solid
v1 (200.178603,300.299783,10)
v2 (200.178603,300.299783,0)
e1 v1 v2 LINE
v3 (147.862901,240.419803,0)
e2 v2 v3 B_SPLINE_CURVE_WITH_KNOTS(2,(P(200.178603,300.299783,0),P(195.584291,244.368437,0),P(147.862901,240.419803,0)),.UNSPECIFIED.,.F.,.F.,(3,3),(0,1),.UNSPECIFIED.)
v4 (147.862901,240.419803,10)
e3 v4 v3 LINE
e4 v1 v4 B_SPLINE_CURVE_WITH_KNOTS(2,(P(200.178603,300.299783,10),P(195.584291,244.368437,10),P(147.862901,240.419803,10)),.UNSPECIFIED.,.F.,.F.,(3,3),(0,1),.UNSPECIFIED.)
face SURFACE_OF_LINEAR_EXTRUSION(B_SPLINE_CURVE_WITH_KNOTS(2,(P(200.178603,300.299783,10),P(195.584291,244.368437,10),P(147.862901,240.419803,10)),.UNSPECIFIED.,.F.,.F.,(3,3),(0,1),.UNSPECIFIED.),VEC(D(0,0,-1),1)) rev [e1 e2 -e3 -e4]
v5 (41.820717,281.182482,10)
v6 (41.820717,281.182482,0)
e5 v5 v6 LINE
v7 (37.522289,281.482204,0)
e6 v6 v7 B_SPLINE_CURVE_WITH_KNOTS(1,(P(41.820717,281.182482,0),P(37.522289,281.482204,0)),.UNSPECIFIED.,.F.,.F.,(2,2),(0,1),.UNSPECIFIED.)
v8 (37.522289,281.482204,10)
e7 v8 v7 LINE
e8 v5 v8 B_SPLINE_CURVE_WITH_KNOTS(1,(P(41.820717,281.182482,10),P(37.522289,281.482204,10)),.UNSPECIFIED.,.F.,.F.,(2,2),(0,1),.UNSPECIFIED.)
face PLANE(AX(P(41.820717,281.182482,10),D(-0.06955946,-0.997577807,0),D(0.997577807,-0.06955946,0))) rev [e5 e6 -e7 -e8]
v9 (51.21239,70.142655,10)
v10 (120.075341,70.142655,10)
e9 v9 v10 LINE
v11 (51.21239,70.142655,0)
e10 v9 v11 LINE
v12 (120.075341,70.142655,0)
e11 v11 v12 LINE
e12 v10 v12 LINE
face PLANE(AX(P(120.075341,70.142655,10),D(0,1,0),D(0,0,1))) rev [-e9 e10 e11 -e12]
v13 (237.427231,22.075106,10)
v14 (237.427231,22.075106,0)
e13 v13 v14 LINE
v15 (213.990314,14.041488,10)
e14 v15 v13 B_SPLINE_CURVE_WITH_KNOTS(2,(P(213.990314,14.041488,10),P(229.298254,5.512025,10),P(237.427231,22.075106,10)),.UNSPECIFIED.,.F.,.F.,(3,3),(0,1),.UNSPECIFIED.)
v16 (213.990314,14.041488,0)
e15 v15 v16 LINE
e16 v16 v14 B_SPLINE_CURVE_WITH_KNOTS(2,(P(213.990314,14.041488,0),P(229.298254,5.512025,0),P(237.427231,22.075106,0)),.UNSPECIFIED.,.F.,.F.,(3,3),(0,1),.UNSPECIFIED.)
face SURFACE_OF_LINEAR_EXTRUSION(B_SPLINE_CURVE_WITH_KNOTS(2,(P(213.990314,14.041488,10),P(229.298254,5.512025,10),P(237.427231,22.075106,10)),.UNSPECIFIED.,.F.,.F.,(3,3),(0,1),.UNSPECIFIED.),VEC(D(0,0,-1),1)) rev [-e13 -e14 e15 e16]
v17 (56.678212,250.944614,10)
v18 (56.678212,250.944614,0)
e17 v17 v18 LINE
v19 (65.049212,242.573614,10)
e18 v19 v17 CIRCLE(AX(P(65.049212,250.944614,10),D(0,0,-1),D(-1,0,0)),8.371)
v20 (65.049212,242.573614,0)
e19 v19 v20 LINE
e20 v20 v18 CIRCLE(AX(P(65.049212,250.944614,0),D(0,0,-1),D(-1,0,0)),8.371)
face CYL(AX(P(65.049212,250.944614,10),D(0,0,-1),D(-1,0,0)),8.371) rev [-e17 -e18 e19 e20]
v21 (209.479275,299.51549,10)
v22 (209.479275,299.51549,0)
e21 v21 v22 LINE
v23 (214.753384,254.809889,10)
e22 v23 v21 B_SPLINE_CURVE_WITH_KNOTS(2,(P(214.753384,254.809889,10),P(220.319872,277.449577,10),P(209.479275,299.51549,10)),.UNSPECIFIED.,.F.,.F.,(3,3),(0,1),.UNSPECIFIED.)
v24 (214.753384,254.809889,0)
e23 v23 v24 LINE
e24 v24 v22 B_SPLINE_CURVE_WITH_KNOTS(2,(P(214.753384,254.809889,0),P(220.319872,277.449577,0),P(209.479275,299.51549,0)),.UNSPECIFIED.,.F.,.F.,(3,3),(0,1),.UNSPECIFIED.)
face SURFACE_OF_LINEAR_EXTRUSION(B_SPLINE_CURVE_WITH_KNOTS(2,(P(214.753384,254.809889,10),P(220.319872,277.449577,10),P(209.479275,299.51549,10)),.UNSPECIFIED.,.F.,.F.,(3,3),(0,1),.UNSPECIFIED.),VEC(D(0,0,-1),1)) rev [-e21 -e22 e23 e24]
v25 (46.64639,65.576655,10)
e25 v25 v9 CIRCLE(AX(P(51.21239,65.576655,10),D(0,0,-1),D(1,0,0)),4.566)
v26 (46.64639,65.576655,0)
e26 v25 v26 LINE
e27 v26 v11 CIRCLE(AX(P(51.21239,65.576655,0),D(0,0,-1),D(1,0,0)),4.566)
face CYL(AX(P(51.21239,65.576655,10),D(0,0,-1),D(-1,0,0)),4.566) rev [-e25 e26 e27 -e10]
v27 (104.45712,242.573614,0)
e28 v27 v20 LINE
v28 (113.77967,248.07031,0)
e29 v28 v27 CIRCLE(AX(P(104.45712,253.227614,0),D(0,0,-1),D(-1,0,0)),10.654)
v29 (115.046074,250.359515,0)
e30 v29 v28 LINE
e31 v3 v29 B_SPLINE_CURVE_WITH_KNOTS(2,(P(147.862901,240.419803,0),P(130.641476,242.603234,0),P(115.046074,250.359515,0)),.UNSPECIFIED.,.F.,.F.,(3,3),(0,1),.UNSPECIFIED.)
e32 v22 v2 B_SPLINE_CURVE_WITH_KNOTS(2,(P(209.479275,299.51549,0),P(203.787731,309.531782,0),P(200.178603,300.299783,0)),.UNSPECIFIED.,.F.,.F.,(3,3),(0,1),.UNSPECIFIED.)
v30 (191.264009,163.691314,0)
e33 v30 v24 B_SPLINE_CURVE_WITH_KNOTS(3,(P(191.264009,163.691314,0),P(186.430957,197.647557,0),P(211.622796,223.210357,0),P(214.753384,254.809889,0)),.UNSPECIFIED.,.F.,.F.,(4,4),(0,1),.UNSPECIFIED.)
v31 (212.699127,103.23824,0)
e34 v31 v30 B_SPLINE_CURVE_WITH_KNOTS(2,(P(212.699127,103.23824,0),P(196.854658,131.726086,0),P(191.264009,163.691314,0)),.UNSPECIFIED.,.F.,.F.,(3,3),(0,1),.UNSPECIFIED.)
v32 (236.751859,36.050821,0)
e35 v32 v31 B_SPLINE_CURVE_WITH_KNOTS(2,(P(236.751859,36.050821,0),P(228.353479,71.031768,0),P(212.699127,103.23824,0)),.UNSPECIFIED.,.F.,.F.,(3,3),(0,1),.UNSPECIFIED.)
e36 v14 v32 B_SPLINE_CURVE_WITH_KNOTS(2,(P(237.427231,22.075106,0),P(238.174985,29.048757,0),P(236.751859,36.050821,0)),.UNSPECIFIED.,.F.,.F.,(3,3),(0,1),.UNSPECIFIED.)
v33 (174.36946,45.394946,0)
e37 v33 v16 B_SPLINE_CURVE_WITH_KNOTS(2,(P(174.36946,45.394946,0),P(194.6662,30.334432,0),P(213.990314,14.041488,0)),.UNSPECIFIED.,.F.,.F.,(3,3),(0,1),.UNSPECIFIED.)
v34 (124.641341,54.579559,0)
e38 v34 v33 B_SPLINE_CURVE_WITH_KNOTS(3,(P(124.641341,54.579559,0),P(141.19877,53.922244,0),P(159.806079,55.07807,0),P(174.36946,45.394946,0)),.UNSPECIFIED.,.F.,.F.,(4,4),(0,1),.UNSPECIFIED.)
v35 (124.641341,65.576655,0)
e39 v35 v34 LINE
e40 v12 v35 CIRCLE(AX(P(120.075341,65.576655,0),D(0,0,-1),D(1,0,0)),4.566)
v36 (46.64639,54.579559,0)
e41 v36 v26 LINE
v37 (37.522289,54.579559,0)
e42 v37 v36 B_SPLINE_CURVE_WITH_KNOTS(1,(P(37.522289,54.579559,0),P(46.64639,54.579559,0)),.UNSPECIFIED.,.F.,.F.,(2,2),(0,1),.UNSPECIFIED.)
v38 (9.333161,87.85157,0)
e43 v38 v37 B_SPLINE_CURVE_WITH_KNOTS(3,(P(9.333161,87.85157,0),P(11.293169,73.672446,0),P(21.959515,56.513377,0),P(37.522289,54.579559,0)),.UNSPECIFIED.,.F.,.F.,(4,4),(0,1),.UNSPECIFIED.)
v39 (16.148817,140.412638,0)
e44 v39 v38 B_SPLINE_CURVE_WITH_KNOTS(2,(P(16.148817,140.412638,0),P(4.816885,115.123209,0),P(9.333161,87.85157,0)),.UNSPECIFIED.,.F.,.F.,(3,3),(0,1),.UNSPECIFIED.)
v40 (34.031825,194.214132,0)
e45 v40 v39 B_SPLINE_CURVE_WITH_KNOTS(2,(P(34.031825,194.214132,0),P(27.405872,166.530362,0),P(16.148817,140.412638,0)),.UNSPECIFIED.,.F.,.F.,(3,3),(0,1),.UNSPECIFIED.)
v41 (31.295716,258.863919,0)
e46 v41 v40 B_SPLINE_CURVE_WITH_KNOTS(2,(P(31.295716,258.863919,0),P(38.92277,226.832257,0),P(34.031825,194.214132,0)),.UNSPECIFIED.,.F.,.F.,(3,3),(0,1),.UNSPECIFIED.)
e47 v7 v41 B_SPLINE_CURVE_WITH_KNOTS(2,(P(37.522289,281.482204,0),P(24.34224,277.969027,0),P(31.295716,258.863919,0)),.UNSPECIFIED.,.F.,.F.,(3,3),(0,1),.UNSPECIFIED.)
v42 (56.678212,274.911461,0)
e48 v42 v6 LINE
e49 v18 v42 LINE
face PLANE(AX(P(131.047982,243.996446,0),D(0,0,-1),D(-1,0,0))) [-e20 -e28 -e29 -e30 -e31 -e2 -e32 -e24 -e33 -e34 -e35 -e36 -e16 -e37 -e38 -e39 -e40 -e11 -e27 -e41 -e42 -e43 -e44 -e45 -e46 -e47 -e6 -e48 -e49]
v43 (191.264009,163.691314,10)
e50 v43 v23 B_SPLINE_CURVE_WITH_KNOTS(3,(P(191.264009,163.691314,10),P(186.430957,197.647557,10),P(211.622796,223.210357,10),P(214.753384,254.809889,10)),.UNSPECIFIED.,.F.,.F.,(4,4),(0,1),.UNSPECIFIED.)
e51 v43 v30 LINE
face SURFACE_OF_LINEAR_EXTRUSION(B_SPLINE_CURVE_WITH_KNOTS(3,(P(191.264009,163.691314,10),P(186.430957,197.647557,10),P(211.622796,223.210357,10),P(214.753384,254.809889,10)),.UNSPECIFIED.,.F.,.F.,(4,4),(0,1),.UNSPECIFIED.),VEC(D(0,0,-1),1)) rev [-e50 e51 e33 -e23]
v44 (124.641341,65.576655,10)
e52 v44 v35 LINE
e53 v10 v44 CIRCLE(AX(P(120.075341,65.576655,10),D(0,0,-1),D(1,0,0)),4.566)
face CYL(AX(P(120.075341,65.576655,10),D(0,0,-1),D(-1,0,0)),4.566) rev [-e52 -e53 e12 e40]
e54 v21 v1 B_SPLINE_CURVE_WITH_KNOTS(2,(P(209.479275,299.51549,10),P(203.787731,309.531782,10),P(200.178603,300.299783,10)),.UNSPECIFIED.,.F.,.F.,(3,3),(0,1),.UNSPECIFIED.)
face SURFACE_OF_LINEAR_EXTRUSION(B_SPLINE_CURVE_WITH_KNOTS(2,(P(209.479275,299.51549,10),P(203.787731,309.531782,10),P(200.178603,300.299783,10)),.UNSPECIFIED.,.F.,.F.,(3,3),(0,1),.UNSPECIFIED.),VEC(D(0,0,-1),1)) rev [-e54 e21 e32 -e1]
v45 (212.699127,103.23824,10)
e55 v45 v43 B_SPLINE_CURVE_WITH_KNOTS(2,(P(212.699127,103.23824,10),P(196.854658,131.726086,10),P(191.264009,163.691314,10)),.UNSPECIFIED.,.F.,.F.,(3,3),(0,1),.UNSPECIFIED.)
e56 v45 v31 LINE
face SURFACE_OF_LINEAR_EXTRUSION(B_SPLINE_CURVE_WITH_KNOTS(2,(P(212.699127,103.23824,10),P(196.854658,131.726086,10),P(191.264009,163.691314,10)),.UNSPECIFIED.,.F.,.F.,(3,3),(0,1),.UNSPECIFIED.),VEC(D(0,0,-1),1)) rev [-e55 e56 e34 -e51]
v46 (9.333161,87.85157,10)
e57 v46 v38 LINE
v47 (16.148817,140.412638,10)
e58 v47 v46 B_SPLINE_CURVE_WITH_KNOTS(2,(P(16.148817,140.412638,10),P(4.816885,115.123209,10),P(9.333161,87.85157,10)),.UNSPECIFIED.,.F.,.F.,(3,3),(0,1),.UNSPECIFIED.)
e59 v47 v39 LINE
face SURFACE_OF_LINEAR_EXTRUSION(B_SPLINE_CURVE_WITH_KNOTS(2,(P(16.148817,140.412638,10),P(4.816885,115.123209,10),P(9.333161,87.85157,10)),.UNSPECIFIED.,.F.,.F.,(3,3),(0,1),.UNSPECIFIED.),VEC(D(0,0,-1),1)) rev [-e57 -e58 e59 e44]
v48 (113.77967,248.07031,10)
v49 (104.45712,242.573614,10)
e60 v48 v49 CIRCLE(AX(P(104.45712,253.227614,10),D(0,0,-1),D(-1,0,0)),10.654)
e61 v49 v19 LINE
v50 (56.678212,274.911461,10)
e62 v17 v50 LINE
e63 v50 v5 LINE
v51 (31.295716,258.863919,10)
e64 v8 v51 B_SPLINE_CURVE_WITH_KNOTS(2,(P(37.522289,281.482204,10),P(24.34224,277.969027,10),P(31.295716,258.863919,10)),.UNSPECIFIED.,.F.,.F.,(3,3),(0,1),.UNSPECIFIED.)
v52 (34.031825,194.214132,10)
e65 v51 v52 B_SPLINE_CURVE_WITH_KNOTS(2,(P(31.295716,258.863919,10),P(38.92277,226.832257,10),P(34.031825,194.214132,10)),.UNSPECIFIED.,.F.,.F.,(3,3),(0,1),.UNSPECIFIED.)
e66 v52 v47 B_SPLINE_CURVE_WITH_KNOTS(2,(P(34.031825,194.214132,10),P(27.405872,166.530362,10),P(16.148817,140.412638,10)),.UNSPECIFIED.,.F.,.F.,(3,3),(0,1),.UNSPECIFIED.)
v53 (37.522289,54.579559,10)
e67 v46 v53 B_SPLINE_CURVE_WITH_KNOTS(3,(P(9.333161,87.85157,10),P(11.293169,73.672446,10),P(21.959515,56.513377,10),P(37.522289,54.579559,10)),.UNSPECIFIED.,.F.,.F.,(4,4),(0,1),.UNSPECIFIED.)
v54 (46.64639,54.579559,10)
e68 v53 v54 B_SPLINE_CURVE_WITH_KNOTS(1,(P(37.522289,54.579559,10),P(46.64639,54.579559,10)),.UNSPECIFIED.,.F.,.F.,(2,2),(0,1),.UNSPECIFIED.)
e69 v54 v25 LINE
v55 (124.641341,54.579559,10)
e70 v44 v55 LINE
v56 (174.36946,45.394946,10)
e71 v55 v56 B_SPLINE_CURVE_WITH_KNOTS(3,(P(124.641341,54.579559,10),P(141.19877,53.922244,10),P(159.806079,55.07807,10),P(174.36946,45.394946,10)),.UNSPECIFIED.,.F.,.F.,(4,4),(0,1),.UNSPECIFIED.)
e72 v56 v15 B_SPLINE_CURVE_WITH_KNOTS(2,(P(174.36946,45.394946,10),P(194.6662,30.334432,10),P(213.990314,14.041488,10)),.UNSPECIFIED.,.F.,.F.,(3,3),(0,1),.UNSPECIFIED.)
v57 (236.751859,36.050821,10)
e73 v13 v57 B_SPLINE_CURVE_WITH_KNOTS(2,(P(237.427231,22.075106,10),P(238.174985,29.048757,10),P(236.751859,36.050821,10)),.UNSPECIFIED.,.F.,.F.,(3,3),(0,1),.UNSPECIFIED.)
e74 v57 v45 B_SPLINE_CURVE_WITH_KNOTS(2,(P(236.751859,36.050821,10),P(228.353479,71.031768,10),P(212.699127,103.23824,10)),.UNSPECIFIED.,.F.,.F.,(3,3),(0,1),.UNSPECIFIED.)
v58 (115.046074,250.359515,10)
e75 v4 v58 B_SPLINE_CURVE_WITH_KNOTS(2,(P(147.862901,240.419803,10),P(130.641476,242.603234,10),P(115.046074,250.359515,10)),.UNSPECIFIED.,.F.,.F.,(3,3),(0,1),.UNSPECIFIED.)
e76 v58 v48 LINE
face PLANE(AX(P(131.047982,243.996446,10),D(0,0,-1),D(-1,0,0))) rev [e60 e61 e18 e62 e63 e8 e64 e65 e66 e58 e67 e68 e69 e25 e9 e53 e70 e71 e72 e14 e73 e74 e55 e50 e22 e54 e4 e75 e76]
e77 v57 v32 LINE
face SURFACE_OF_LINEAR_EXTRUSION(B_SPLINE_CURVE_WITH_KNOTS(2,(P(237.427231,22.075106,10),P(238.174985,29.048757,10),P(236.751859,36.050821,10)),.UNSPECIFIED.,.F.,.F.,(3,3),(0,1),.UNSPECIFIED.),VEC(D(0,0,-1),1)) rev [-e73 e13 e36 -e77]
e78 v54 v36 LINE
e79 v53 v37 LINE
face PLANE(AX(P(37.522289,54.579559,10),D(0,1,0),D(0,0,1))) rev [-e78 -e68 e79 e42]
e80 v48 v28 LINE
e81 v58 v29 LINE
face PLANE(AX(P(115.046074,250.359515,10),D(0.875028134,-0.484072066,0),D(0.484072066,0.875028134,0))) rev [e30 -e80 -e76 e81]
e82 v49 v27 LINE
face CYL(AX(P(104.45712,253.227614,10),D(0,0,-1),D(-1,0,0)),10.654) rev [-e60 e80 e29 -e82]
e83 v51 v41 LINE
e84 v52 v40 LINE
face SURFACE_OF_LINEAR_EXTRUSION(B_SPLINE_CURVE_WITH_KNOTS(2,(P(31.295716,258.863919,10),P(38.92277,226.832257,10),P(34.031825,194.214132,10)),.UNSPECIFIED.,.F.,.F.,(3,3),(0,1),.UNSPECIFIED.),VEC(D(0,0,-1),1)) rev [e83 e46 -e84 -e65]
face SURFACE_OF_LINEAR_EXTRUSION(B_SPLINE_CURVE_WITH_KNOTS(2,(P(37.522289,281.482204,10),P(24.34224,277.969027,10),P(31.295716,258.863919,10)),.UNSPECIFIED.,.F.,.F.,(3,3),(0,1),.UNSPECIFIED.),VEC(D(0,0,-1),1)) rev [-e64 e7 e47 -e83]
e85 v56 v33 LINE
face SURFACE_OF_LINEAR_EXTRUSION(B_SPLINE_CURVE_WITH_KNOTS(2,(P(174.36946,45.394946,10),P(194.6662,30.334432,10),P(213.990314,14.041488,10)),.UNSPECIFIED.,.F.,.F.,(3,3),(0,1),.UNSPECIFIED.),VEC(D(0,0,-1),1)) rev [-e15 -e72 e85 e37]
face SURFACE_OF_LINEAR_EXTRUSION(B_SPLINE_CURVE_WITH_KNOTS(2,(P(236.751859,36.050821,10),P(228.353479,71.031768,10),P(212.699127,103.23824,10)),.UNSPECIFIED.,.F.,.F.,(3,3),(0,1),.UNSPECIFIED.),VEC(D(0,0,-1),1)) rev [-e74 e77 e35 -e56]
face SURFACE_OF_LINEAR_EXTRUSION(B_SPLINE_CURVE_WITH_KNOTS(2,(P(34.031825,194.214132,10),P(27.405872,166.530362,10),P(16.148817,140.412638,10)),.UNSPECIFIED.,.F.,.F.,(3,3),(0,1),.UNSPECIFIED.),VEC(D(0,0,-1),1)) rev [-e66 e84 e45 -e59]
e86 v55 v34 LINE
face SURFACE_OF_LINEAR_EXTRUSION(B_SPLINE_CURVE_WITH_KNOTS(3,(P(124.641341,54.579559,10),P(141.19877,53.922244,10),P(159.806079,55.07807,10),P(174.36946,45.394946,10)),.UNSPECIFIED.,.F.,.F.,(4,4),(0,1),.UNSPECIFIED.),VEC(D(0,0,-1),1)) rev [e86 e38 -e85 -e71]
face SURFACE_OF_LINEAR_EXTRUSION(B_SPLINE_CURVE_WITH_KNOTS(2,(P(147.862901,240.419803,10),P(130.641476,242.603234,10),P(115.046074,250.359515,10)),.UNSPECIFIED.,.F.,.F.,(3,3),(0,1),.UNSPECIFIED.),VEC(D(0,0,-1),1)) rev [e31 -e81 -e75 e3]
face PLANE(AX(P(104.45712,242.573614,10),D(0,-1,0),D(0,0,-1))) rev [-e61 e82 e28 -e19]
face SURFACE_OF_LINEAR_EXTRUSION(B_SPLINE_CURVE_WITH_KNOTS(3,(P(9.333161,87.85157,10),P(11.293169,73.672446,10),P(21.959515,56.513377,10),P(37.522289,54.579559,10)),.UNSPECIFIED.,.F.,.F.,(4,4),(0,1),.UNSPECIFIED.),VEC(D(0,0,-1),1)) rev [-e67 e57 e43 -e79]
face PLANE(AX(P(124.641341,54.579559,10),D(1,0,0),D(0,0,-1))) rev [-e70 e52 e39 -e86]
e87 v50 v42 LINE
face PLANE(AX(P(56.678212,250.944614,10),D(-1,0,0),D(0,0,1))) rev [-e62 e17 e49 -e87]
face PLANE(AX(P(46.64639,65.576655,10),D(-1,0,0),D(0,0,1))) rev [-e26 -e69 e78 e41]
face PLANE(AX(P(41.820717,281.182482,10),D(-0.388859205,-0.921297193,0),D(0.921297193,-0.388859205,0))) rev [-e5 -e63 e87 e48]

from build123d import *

# Parameters (mm, degrees)
BOSS_EXTRUDE1_DEPTH = 10


with BuildPart() as part:
    # Sketch2 → Boss-Extrude1 (new body)
    with BuildSketch(Plane.XY):
        with BuildLine():
            Line((124.641341211, 54.579558825), (124.641341211, 65.576654529))
            ThreePointArc((124.641341211, 65.576654529), (123.303990774, 68.805304092), (120.075341211, 70.142654529))
            Line((120.075341211, 70.142654529), (51.212390107, 70.142654529))
            ThreePointArc((51.212390107, 70.142654529), (47.983740544, 68.805304092), (46.646390107, 65.576654529))
            Line((46.646390107, 65.576654529), (46.646390107, 54.579558825))
            Line((46.646390107, 54.579558825), (37.522288645, 54.579558825))
            add(Edge.make_bspline(
                [(37.522288645, 54.579558825), (21.959514644, 56.51337661), (11.293168946, 73.672446471), (9.333160981, 87.851570435)],
                knots=[0, 0, 0, 0, 1, 1, 1, 1], degree=3))
            add(Edge.make_bspline(
                [(9.333160981, 87.851570435), (4.816885024, 115.123208654), (16.148817178, 140.412638245)],
                knots=[0, 0, 0, 1, 1, 1], degree=2))
            add(Edge.make_bspline(
                [(16.148817178, 140.412638245), (27.405872479, 166.530361958), (34.0318253, 194.214132047)],
                knots=[0, 0, 0, 1, 1, 1], degree=2))
            add(Edge.make_bspline(
                [(34.0318253, 194.214132047), (38.922769668, 226.832256951), (31.295716129, 258.863919402)],
                knots=[0, 0, 0, 1, 1, 1], degree=2))
            add(Edge.make_bspline(
                [(31.295716129, 258.863919402), (24.342240472, 277.969027169), (37.522288645, 281.482204385)],
                knots=[0, 0, 0, 1, 1, 1], degree=2))
            Line((37.522288645, 281.482204385), (41.820716746, 281.182482064))
            Line((41.820716746, 281.182482064), (56.678211753, 274.911461444))
            Line((56.678211753, 274.911461444), (56.678211753, 250.94461401))
            ThreePointArc((56.678211753, 250.94461401), (59.130020887, 245.025423145), (65.049211753, 242.57361401))
            Line((65.049211753, 242.57361401), (104.457119811, 242.57361401))
            ThreePointArc((104.457119811, 242.57361401), (109.86830274, 244.050097173), (113.779669547, 248.070310218))
            Line((113.779669547, 248.070310218), (115.046074428, 250.359514609))
            add(Edge.make_bspline(
                [(115.046074428, 250.359514609), (130.641476409, 242.603233813), (147.862901343, 240.41980261)],
                knots=[0, 0, 0, 1, 1, 1], degree=2))
            add(Edge.make_bspline(
                [(147.862901343, 240.41980261), (195.584291202, 244.368436644), (200.178603281, 300.299783152)],
                knots=[0, 0, 0, 1, 1, 1], degree=2))
            add(Edge.make_bspline(
                [(200.178603281, 300.299783152), (203.787730837, 309.531782357), (209.479274597, 299.515490412)],
                knots=[0, 0, 0, 1, 1, 1], degree=2))
            add(Edge.make_bspline(
                [(209.479274597, 299.515490412), (220.319872334, 277.449577488), (214.75338425, 254.809889378)],
                knots=[0, 0, 0, 1, 1, 1], degree=2))
            add(Edge.make_bspline(
                [(214.75338425, 254.809889378), (211.622795841, 223.210356753), (186.430957093, 197.647557224), (191.264009323, 163.691313614)],
                knots=[0, 0, 0, 0, 1, 1, 1, 1], degree=3))
            add(Edge.make_bspline(
                [(191.264009323, 163.691313614), (196.854658148, 131.726086499), (212.699126926, 103.238239648)],
                knots=[0, 0, 0, 1, 1, 1], degree=2))
            add(Edge.make_bspline(
                [(212.699126926, 103.238239648), (228.353478754, 71.031768285), (236.75185914, 36.050820835)],
                knots=[0, 0, 0, 1, 1, 1], degree=2))
            add(Edge.make_bspline(
                [(236.75185914, 36.050820835), (238.174984629, 29.048757065), (237.427230612, 22.075105786)],
                knots=[0, 0, 0, 1, 1, 1], degree=2))
            add(Edge.make_bspline(
                [(237.427230612, 22.075105786), (229.298254036, 5.512025134), (213.990313769, 14.041488397)],
                knots=[0, 0, 0, 1, 1, 1], degree=2))
            add(Edge.make_bspline(
                [(213.990313769, 14.041488397), (194.666199965, 30.334432476), (174.369459856, 45.394945883)],
                knots=[0, 0, 0, 1, 1, 1], degree=2))
            add(Edge.make_bspline(
                [(174.369459856, 45.394945883), (159.806078551, 55.078070021), (141.198769972, 53.922244486), (124.641341211, 54.579558825)],
                knots=[0, 0, 0, 0, 1, 1, 1, 1], degree=3))
        make_face()
    extrude(amount=BOSS_EXTRUDE1_DEPTH)


solid = part.part
